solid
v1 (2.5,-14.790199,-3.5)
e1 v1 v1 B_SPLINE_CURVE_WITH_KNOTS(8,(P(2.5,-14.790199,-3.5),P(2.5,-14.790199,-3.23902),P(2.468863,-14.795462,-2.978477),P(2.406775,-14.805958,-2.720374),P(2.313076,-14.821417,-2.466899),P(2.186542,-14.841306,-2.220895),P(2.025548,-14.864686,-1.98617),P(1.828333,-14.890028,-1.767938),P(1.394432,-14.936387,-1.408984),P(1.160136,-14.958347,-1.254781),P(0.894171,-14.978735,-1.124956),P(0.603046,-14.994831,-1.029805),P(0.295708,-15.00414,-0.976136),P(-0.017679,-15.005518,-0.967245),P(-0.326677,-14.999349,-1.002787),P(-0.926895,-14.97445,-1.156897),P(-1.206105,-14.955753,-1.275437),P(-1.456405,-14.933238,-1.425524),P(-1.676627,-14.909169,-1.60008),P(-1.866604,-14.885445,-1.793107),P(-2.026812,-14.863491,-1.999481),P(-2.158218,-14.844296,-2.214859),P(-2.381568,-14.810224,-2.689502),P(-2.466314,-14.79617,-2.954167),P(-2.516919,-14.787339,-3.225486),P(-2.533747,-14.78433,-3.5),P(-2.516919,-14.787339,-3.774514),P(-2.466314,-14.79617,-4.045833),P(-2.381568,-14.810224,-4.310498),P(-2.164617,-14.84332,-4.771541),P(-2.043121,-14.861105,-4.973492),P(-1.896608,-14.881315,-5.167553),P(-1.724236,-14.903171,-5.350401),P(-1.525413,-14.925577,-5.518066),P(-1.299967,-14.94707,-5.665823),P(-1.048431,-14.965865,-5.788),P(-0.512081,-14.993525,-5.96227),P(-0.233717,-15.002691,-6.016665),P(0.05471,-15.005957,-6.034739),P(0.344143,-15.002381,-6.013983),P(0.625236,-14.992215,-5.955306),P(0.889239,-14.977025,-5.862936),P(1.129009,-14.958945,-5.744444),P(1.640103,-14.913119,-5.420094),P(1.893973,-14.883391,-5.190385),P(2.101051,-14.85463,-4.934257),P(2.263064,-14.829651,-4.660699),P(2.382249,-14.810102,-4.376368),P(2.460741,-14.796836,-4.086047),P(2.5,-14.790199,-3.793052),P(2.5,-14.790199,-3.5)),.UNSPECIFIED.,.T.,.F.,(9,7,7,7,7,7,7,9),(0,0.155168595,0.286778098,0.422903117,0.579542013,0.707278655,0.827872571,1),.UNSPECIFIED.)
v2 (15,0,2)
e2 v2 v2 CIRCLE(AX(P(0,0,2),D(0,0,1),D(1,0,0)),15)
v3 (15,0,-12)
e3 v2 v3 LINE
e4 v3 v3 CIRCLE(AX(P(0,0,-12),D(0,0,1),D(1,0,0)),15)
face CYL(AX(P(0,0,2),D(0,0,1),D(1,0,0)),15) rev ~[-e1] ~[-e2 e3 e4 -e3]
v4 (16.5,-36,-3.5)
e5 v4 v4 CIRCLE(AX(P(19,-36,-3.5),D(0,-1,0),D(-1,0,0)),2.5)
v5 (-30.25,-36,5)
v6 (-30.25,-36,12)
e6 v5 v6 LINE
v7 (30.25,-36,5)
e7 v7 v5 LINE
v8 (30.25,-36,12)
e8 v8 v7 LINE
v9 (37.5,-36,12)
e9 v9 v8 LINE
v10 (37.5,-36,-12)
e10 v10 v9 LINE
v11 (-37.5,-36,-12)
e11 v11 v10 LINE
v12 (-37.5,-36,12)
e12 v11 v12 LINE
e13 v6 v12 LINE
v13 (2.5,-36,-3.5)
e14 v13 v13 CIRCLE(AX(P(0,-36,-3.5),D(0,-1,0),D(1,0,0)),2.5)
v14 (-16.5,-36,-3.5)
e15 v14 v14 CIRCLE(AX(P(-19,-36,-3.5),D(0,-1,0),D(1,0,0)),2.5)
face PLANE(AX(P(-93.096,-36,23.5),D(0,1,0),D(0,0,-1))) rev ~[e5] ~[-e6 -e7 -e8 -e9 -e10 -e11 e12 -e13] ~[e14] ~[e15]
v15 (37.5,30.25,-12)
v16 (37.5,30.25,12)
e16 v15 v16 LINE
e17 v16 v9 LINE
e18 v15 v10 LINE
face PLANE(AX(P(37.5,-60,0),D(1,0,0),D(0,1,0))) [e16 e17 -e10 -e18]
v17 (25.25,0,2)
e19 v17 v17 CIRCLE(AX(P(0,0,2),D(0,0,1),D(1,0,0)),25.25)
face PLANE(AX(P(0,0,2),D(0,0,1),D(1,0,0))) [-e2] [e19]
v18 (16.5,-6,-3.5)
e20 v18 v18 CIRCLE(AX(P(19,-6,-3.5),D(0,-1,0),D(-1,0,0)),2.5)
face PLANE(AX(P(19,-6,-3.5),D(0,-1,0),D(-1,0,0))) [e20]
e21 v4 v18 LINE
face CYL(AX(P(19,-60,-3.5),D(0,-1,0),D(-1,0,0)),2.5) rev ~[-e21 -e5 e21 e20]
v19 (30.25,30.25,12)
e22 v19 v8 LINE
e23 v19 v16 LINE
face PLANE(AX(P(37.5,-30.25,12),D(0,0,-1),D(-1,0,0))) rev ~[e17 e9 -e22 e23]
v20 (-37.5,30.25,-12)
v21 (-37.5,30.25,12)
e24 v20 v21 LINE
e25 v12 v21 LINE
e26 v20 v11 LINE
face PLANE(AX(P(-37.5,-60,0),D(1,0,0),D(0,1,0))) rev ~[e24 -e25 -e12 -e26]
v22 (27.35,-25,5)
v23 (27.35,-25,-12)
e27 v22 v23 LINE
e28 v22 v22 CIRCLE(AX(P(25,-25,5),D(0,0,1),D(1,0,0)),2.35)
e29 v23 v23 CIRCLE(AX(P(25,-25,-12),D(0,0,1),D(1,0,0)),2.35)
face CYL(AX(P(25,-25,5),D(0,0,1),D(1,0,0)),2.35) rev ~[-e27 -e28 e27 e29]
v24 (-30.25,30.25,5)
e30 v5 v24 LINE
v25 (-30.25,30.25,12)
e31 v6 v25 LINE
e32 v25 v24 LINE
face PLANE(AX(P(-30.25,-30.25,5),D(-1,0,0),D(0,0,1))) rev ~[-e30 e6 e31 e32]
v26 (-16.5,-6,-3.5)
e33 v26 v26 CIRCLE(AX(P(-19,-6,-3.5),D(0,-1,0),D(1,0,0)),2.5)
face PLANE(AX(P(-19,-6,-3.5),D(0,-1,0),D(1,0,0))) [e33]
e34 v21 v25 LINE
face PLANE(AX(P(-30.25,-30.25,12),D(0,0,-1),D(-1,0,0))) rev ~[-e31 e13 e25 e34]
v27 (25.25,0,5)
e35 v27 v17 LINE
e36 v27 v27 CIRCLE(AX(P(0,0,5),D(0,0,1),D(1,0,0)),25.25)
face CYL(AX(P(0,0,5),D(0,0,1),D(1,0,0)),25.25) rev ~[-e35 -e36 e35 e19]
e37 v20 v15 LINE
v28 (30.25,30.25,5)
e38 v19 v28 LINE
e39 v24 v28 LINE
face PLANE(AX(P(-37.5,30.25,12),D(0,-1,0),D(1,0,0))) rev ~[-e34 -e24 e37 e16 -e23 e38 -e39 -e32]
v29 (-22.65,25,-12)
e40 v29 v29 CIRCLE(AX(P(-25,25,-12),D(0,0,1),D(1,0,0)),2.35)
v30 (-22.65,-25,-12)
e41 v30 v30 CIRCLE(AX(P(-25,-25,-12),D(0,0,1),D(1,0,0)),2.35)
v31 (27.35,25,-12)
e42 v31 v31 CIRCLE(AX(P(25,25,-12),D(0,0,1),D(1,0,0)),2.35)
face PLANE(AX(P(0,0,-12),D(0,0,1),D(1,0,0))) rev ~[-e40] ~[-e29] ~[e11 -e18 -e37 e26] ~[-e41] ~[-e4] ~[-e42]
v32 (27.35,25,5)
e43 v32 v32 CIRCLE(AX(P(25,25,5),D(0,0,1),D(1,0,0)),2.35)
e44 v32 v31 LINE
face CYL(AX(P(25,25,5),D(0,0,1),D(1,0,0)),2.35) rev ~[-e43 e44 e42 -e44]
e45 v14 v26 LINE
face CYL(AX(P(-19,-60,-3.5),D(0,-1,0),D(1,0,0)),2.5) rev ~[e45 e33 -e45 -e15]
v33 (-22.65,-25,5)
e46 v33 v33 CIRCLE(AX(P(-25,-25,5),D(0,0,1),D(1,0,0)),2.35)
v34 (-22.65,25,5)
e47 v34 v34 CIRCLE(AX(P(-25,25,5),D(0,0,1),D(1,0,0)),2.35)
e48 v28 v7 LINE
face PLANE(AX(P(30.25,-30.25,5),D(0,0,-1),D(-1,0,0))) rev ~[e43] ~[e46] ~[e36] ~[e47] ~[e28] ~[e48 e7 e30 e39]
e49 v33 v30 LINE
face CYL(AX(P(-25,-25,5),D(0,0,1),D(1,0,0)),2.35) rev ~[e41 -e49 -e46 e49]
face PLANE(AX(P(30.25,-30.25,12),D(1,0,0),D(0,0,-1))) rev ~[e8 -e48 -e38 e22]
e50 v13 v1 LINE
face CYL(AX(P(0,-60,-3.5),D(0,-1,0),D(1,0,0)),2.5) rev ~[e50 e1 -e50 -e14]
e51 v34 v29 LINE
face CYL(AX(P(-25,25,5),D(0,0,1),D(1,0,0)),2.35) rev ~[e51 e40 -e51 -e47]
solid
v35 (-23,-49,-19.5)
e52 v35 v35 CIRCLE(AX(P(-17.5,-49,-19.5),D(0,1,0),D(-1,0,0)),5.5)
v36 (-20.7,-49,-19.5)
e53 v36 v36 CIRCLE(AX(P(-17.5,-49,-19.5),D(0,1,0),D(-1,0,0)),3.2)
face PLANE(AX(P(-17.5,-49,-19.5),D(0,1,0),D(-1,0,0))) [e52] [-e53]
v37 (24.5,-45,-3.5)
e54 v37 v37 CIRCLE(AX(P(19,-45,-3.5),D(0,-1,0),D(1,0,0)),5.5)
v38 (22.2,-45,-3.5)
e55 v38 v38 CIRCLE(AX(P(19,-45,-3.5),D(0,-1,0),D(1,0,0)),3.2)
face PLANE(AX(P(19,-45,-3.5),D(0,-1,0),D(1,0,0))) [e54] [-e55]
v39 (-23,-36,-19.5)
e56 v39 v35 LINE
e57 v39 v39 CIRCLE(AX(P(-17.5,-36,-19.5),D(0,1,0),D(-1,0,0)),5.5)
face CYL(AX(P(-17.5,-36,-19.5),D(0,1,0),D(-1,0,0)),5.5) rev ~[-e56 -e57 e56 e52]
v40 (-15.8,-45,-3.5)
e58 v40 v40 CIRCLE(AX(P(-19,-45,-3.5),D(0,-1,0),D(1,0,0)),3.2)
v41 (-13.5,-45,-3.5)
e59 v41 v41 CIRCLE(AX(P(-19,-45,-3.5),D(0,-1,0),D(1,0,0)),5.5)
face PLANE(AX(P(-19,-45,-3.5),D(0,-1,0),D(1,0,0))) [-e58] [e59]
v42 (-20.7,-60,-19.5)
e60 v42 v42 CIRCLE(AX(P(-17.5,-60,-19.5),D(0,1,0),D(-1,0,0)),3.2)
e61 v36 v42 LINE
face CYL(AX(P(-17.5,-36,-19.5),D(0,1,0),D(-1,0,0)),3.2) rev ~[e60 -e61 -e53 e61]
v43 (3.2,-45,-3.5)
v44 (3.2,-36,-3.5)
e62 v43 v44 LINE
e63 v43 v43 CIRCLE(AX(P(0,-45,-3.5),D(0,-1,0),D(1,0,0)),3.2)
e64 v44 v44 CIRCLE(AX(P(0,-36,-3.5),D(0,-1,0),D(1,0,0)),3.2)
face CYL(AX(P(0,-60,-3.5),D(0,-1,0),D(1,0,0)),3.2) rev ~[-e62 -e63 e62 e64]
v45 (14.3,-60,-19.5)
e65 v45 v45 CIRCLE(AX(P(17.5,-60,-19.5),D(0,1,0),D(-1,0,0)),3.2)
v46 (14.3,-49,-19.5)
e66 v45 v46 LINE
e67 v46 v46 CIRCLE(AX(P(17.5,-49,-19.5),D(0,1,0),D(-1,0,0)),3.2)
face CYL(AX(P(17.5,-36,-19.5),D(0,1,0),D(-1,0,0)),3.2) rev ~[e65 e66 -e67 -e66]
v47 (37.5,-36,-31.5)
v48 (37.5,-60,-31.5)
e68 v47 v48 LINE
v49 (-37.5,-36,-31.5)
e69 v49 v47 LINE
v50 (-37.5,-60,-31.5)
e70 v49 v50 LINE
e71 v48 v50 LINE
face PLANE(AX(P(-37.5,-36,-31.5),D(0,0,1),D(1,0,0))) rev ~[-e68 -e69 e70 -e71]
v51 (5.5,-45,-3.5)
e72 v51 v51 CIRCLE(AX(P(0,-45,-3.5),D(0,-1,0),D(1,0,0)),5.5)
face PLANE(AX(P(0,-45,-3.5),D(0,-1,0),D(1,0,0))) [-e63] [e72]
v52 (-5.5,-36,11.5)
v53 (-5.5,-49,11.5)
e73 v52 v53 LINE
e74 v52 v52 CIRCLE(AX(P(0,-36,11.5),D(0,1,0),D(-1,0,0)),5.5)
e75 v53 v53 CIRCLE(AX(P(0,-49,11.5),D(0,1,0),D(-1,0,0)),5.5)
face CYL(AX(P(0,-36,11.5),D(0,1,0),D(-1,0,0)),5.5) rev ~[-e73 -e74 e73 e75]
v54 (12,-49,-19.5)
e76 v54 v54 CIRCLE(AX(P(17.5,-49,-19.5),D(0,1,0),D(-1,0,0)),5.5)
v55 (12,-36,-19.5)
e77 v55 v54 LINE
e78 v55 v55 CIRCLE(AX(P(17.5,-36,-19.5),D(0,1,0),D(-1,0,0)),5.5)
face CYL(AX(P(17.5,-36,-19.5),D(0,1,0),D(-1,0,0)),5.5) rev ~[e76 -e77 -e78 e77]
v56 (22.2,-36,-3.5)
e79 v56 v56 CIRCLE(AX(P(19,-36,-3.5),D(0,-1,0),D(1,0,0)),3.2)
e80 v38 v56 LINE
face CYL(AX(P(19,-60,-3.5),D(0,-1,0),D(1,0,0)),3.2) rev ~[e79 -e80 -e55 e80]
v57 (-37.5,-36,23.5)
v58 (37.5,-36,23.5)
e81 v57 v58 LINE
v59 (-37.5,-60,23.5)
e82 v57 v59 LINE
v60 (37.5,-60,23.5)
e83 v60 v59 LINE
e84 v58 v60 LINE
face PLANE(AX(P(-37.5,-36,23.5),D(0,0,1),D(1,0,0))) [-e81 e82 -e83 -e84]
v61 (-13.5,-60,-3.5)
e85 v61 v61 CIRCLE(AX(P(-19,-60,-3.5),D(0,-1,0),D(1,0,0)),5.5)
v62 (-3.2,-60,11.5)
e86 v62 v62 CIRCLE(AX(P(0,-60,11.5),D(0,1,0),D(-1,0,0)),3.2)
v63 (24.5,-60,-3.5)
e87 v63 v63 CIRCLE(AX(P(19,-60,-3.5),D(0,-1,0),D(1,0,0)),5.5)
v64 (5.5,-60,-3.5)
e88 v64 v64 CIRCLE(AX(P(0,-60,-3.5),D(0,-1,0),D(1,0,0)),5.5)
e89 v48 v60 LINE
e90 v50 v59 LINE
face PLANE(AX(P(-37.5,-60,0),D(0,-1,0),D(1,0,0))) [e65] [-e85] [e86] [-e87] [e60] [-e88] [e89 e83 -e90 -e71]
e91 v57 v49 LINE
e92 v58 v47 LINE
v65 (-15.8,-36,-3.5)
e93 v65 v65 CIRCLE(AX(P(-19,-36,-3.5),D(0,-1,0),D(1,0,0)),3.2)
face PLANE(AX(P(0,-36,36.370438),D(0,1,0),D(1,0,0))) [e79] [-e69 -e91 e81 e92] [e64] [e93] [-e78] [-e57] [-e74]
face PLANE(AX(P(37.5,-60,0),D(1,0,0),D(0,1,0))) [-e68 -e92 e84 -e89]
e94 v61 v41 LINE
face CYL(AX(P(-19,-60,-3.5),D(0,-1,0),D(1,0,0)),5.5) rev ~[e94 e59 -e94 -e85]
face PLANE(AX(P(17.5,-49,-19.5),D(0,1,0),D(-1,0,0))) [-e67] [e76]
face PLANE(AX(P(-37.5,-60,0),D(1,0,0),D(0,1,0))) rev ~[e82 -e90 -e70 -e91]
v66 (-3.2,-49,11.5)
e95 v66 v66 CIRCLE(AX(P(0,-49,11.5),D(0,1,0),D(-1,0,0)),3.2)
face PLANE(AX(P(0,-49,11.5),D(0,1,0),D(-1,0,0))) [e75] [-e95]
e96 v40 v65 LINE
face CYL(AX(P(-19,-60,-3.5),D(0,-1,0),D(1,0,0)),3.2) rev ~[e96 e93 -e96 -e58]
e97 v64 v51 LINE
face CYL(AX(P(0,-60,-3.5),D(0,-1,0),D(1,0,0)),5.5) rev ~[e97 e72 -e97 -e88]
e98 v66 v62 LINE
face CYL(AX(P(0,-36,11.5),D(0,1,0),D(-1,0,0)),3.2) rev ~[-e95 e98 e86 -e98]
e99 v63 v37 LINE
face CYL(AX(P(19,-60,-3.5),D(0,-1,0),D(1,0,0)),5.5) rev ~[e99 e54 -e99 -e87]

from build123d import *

# Parameters (mm, degrees)
SKETCH1_W              = 75
SKETCH1_H              = 72
BOSS_EXTRUDE1_DEPTH    = 12
SKETCH3_W              = 60.5
SKETCH3_H              = 60.5
CUT_EXTRUDE2_DEPTH     = 7
SKETCH2_R              = 25.25
CUT_EXTRUDE1_DEPTH     = 3
SKETCH4_R              = 15
CUT_EXTRUDE3_DEPTH     = 29
SKETCH5_W              = 75
SKETCH5_H              = 29.75
BOSS_EXTRUDE2_DEPTH    = 67
SKETCH6_W              = 75
SKETCH6_H              = 5.75
CUT_EXTRUDE4_DEPTH     = 67
SKETCH15_W             = 75
SKETCH15_H             = 55
CUT_EXTRUDE12_DEPTH    = 5.75
SKETCH7_R              = 3.2
CUT_EXTRUDE5_DEPTH     = 67
SKETCH9_OUTSIDE_W      = 112.624
SKETCH9_OUTSIDE_H      = 171.624
SKETCH9_OUTSIDE_W_2    = 75
SKETCH9_OUTSIDE_H_2    = 55
CUT_EXTRUDE7_DEPTH     = 102.411599435
SKETCH8_R              = 5.5
CUT_EXTRUDE6_DEPTH     = 13
SKETCH10_R             = 2.35
CUT_EXTRUDE8_DEPTH     = 80.614697136
SKETCH11_R             = 2.5
CUT_EXTRUDE9_DEPTH     = 54
SKETCH12_R             = 3.2
CUT_EXTRUDE10_DEPTH    = 24
SKETCH13_R             = 5.5
CUT_EXTRUDE11_DEPTH    = 15
SPLIT1_SURFACE_1_BACK  = 130.596
SPLIT1_SURFACE_1_DEPTH = 261.192
SPLIT1_SURFACE_2_BACK  = 130.596
SPLIT1_SURFACE_2_DEPTH = 261.192


with BuildPart() as part:
    # Sketch1 → Boss-Extrude1 (new, symmetric)
    with BuildSketch(Plane.XY):
        Rectangle(SKETCH1_W, SKETCH1_H)
    extrude(amount=BOSS_EXTRUDE1_DEPTH, both=True)

    # Sketch3 → Cut-Extrude2 (cut)
    with BuildSketch(Plane.XY.offset(12)):
        Rectangle(SKETCH3_W, SKETCH3_H)
    extrude(amount=-CUT_EXTRUDE2_DEPTH, mode=Mode.SUBTRACT)

    # Sketch2 → Cut-Extrude1 (cut)
    with BuildSketch(Plane.XY.offset(5)):
        Circle(SKETCH2_R)
    extrude(amount=-CUT_EXTRUDE1_DEPTH, mode=Mode.SUBTRACT)

    # Sketch4 → Cut-Extrude3 (cut)
    with BuildSketch(Plane.XY.offset(2)):
        Circle(SKETCH4_R)
    extrude(amount=-CUT_EXTRUDE3_DEPTH, mode=Mode.SUBTRACT)

    # Sketch5 → Boss-Extrude2 (add, symmetric)
    with BuildSketch(Plane.XY):
        with Locations((0, -45.125)):
            Rectangle(SKETCH5_W, SKETCH5_H)
    extrude(amount=BOSS_EXTRUDE2_DEPTH, both=True)

    # Sketch6 → Cut-Extrude4 (cut, symmetric)
    with BuildSketch(Plane.XY.offset(12)):
        with Locations((0, 33.125)):
            Rectangle(SKETCH6_W, SKETCH6_H)
    extrude(amount=CUT_EXTRUDE4_DEPTH, both=True, mode=Mode.SUBTRACT)

    # Sketch15 → Cut-Extrude12 (cut)
    with BuildSketch(Plane(origin=(0, -30.25, 0), x_dir=(1, 0, 0), z_dir=(0, 1, 0))):
        with Locations((0, 39.5)):
            Rectangle(SKETCH15_W, SKETCH15_H)
        Polygon((-30.25, -5), (-30.25, -12), (-37.5, -12), (-37.5, -67), (37.5, -67), (37.5, -12), (30.25, -12), (30.25, -5), align=None)
    extrude(amount=-CUT_EXTRUDE12_DEPTH, mode=Mode.SUBTRACT)

    # Sketch7 → Cut-Extrude5 (cut, symmetric)
    with BuildSketch(Plane(origin=(0, -36, 0), x_dir=(1, 0, 0), z_dir=(0, 1, 0))):
        with Locations(Location((-17.5, 19.5, 0), (0, 0, 180))):
            Circle(SKETCH7_R)
        with Locations(Location((0, -11.5, 0), (0, 0, 180))):
            Circle(SKETCH7_R)
        with Locations(Location((17.5, 19.5, 0), (0, 0, 180))):
            Circle(SKETCH7_R)
    extrude(amount=CUT_EXTRUDE5_DEPTH, both=True, mode=Mode.SUBTRACT)

    # Sketch9 outside → Cut-Extrude7 (cut, through all)
    with BuildSketch(Plane(origin=(0, -36, 0), x_dir=(1, 0, 0), z_dir=(0, 1, 0))):
        Rectangle(SKETCH9_OUTSIDE_W, SKETCH9_OUTSIDE_H)
        with Locations((0, 4)):
            Rectangle(SKETCH9_OUTSIDE_W_2, SKETCH9_OUTSIDE_H_2, mode=Mode.SUBTRACT)
    extrude(amount=-CUT_EXTRUDE7_DEPTH, mode=Mode.SUBTRACT)

    # Sketch8 → Cut-Extrude6 (cut)
    with BuildSketch(Plane(origin=(0, -36, 0), x_dir=(1, 0, 0), z_dir=(0, 1, 0))):
        with Locations(Location((-17.5, 19.5, 0), (0, 0, 180))):
            Circle(SKETCH8_R)
        with Locations(Location((17.5, 19.5, 0), (0, 0, 180))):
            Circle(SKETCH8_R)
        with Locations(Location((0, -11.5, 0), (0, 0, 180))):
            Circle(SKETCH8_R)
    extrude(amount=-CUT_EXTRUDE6_DEPTH, mode=Mode.SUBTRACT)

    # Sketch10 → Cut-Extrude8 (cut, through all)
    with BuildSketch(Plane.XY.offset(5)):
        with Locations((-25, 25)):
            Circle(SKETCH10_R)
        with Locations((25, 25)):
            Circle(SKETCH10_R)
        with Locations((25, -25)):
            Circle(SKETCH10_R)
        with Locations((-25, -25)):
            Circle(SKETCH10_R)
    extrude(amount=-CUT_EXTRUDE8_DEPTH, mode=Mode.SUBTRACT)

    # Sketch11 → Cut-Extrude9 (cut)
    with BuildSketch(Plane.XZ.offset(60)):
        with Locations((-19, -3.5)):
            Circle(SKETCH11_R)
        with Locations(Location((19, -3.5, 0), (0, 0, 180))):
            Circle(SKETCH11_R)
        with Locations((0, -3.5)):
            Circle(SKETCH11_R)
    extrude(amount=-CUT_EXTRUDE9_DEPTH, mode=Mode.SUBTRACT)

    # Sketch12 → Cut-Extrude10 (cut)
    with BuildSketch(Plane.XZ.offset(60)):
        with Locations((-19, -3.5)):
            Circle(SKETCH12_R)
        with Locations((0, -3.5)):
            Circle(SKETCH12_R)
        with Locations((19, -3.5)):
            Circle(SKETCH12_R)
    extrude(amount=-CUT_EXTRUDE10_DEPTH, mode=Mode.SUBTRACT)

    # Sketch13 → Cut-Extrude11 (cut)
    with BuildSketch(Plane.XZ.offset(60)):
        with Locations((-19, -3.5)):
            Circle(SKETCH13_R)
        with Locations((0, -3.5)):
            Circle(SKETCH13_R)
        with Locations((19, -3.5)):
            Circle(SKETCH13_R)
    extrude(amount=-CUT_EXTRUDE11_DEPTH, mode=Mode.SUBTRACT)


with BuildPart() as body_2:
    # Split1: the piece behind the surface
    add(part.part)
    # Split1 surface: a surface, the sketch's curves swept straight by 261.192 mm
    with BuildLine(Plane(origin=(37.5, 0, 0), x_dir=(0, 0, -1), z_dir=(1, 0, 0)).offset(-SPLIT1_SURFACE_1_BACK), mode=Mode.PRIVATE) as split1_surface_1_path:
        Line((-23.5, -36), (31.5, -36))
    split1_surface_1 = Shell.extrude(split1_surface_1_path.wire(), (1 * SPLIT1_SURFACE_1_DEPTH, 0 * SPLIT1_SURFACE_1_DEPTH, 0 * SPLIT1_SURFACE_1_DEPTH))
    split(bisect_by=split1_surface_1, keep=Keep.BOTTOM)


with BuildPart() as part_1:
    add(part.part)

    # Split1: split by a surface, the side it looks to stays
    # Split1 surface: a surface, the sketch's curves swept straight by 261.192 mm
    with BuildLine(Plane(origin=(37.5, 0, 0), x_dir=(0, 0, -1), z_dir=(1, 0, 0)).offset(-SPLIT1_SURFACE_2_BACK), mode=Mode.PRIVATE) as split1_surface_2_path:
        Line((-23.5, -36), (31.5, -36))
    split1_surface_2 = Shell.extrude(split1_surface_2_path.wire(), (1 * SPLIT1_SURFACE_2_DEPTH, 0 * SPLIT1_SURFACE_2_DEPTH, 0 * SPLIT1_SURFACE_2_DEPTH))
    split(bisect_by=split1_surface_2, keep=Keep.TOP)


solid = Compound([body_2.part, part_1.part])
